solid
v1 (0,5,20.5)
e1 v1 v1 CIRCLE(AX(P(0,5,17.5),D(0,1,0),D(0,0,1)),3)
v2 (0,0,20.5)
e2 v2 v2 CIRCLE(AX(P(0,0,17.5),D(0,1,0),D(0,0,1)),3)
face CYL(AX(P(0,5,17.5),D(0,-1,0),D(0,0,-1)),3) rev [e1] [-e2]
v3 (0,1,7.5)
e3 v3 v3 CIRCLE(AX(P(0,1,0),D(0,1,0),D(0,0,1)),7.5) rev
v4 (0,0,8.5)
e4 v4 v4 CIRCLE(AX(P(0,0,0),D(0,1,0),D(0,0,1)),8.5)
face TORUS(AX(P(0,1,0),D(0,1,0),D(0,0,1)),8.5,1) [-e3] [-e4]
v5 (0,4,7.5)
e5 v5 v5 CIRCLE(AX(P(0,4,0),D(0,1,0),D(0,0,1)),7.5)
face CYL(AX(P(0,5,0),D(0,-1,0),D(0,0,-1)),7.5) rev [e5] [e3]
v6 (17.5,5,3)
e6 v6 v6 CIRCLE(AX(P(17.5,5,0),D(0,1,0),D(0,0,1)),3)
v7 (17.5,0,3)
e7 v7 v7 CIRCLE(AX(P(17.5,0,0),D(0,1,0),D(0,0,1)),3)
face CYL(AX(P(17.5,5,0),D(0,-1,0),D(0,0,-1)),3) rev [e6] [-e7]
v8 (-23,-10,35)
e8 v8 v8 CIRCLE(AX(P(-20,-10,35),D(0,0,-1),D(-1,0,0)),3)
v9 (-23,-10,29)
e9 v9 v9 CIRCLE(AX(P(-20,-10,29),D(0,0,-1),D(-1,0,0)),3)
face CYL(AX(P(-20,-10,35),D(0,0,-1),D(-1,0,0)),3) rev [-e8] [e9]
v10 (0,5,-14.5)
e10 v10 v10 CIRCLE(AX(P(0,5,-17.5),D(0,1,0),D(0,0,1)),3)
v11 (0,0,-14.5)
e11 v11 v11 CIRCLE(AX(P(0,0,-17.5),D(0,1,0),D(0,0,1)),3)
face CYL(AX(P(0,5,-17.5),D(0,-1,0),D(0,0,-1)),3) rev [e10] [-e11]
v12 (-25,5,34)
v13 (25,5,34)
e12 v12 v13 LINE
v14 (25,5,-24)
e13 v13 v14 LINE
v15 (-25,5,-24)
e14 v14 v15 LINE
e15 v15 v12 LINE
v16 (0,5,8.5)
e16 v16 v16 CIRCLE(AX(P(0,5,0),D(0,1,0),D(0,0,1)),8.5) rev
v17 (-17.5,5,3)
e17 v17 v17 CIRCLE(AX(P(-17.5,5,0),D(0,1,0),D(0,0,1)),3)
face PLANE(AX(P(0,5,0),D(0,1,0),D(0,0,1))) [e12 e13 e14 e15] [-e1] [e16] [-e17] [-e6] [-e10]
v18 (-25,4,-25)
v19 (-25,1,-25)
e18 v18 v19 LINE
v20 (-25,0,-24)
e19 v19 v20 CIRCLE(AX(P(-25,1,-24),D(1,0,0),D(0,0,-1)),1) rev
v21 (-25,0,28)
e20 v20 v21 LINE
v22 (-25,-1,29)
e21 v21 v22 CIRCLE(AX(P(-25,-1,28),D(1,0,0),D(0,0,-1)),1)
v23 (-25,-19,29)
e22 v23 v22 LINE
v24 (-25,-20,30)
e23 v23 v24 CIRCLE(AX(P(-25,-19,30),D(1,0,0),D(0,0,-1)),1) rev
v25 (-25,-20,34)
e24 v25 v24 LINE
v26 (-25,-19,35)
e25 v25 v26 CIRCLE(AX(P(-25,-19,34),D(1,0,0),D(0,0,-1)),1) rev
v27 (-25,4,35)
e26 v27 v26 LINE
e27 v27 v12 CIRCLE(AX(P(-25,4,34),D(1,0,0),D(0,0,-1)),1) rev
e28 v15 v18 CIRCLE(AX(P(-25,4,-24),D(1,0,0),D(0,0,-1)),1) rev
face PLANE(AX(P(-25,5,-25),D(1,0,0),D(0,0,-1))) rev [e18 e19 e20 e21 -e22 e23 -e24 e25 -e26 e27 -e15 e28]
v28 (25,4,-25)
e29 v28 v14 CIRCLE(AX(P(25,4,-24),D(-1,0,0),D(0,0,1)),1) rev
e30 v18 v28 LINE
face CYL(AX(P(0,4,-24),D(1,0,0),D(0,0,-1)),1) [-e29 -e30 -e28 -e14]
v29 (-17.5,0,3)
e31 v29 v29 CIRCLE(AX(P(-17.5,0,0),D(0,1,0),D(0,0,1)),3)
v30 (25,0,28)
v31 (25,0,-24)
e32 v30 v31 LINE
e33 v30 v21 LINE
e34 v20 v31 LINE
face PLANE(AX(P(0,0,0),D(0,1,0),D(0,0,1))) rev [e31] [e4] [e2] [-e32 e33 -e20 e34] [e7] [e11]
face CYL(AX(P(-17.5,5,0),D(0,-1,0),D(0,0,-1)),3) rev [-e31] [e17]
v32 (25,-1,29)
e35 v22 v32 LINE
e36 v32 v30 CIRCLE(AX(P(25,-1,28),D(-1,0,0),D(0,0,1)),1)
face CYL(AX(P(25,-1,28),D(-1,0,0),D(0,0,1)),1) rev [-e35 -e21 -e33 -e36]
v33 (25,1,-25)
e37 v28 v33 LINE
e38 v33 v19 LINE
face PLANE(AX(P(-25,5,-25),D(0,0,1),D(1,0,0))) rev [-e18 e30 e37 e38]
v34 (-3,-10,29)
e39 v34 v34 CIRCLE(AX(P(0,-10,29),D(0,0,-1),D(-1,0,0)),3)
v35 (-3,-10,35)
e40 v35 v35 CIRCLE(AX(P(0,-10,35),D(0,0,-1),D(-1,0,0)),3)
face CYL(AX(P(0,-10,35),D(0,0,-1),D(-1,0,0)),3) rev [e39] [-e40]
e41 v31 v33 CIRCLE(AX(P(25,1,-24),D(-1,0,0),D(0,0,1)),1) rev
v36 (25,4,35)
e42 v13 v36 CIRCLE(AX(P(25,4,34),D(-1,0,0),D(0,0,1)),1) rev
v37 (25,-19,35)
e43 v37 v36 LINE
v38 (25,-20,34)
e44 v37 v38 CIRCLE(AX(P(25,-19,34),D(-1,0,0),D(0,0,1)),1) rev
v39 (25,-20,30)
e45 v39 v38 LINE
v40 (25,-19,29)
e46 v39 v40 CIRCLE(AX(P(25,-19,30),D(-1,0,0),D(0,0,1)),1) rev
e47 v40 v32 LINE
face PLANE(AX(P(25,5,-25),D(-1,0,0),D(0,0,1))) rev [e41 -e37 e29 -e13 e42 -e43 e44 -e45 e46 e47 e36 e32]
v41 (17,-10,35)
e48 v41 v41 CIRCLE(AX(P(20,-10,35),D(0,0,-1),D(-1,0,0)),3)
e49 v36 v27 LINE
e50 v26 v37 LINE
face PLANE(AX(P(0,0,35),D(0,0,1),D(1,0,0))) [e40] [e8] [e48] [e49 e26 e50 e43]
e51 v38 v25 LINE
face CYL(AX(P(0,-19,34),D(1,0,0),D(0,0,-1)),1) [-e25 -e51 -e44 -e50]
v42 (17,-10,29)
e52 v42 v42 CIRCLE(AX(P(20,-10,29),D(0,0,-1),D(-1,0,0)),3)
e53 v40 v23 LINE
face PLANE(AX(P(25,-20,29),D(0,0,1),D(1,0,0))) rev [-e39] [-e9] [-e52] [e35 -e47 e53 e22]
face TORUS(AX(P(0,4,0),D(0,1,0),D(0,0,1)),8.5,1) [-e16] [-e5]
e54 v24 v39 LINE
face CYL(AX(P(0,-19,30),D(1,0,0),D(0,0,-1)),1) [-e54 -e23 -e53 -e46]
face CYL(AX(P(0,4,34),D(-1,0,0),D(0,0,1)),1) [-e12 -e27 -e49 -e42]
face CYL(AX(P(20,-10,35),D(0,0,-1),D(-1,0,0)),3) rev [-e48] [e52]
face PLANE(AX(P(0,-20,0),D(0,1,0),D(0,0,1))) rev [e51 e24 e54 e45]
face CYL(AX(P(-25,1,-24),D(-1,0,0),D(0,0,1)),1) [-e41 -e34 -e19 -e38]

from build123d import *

# Parameters (mm, degrees)
SKETCH1_W           = 50
SKETCH1_H           = 50
SKETCH1_R           = 7.5
SKETCH1_R_2         = 3
BOSS_EXTRUDE1_DEPTH = 5
SKETCH2_W           = 50
SKETCH2_H           = 5
BOSS_EXTRUDE2_DEPTH = 10
SKETCH4_W           = 50
SKETCH4_H           = 6
BOSS_EXTRUDE3_DEPTH = 20
SKETCH5_R           = 3
CUT_EXTRUDE1_DEPTH  = 7
FILLET1_R           = 1


with BuildPart() as part:
    # Sketch1 → Boss-Extrude1 (new body)
    with BuildSketch(Plane(origin=(0, 0, 0), x_dir=(1, 0, 0), z_dir=(0, 1, 0))):
        Rectangle(SKETCH1_W, SKETCH1_H)
        Circle(SKETCH1_R, mode=Mode.SUBTRACT)
        with Locations((0, 17.5)):
            Circle(SKETCH1_R_2, mode=Mode.SUBTRACT)
        with Locations((17.5, 0)):
            Circle(SKETCH1_R_2, mode=Mode.SUBTRACT)
        with Locations((0, -17.5)):
            Circle(SKETCH1_R_2, mode=Mode.SUBTRACT)
        with Locations((-17.5, 0)):
            Circle(SKETCH1_R_2, mode=Mode.SUBTRACT)
    extrude(amount=BOSS_EXTRUDE1_DEPTH)

    # Sketch2 → Boss-Extrude2 (add)
    with BuildSketch(Plane.XY.offset(25)):
        with Locations((0, 2.5)):
            Rectangle(SKETCH2_W, SKETCH2_H)
    extrude(amount=BOSS_EXTRUDE2_DEPTH)

    # Sketch4 → Boss-Extrude3 (add)
    with BuildSketch(Plane.XZ):
        with Locations((0, 32)):
            Rectangle(SKETCH4_W, SKETCH4_H)
    extrude(amount=BOSS_EXTRUDE3_DEPTH)

    # Sketch5 → Cut-Extrude1 (cut, through all)
    with BuildSketch(Plane(origin=(0, 0, 29), x_dir=(-1, 0, 0), z_dir=(0, 0, -1))):
        with Locations((0, -10)):
            Circle(SKETCH5_R)
        with Locations((20, -10)):
            Circle(SKETCH5_R)
        with Locations((-20, -10)):
            Circle(SKETCH5_R)
    extrude(amount=-CUT_EXTRUDE1_DEPTH, mode=Mode.SUBTRACT)

    # Fillet1
    fillet1_edges = [part.edges().sort_by_distance(p)[0] for p in [
        (-7.5, 0, 0),
        (-7.5, 5, 0),
        (0, 5, 35),
        (0, 0, 29),
        (0, -20, 29),
        (0, -20, 35),
        (0, 0, -25),
        (0, 5, -25),
    ]]
    fillet(fillet1_edges, radius=FILLET1_R)


solid = part.part
